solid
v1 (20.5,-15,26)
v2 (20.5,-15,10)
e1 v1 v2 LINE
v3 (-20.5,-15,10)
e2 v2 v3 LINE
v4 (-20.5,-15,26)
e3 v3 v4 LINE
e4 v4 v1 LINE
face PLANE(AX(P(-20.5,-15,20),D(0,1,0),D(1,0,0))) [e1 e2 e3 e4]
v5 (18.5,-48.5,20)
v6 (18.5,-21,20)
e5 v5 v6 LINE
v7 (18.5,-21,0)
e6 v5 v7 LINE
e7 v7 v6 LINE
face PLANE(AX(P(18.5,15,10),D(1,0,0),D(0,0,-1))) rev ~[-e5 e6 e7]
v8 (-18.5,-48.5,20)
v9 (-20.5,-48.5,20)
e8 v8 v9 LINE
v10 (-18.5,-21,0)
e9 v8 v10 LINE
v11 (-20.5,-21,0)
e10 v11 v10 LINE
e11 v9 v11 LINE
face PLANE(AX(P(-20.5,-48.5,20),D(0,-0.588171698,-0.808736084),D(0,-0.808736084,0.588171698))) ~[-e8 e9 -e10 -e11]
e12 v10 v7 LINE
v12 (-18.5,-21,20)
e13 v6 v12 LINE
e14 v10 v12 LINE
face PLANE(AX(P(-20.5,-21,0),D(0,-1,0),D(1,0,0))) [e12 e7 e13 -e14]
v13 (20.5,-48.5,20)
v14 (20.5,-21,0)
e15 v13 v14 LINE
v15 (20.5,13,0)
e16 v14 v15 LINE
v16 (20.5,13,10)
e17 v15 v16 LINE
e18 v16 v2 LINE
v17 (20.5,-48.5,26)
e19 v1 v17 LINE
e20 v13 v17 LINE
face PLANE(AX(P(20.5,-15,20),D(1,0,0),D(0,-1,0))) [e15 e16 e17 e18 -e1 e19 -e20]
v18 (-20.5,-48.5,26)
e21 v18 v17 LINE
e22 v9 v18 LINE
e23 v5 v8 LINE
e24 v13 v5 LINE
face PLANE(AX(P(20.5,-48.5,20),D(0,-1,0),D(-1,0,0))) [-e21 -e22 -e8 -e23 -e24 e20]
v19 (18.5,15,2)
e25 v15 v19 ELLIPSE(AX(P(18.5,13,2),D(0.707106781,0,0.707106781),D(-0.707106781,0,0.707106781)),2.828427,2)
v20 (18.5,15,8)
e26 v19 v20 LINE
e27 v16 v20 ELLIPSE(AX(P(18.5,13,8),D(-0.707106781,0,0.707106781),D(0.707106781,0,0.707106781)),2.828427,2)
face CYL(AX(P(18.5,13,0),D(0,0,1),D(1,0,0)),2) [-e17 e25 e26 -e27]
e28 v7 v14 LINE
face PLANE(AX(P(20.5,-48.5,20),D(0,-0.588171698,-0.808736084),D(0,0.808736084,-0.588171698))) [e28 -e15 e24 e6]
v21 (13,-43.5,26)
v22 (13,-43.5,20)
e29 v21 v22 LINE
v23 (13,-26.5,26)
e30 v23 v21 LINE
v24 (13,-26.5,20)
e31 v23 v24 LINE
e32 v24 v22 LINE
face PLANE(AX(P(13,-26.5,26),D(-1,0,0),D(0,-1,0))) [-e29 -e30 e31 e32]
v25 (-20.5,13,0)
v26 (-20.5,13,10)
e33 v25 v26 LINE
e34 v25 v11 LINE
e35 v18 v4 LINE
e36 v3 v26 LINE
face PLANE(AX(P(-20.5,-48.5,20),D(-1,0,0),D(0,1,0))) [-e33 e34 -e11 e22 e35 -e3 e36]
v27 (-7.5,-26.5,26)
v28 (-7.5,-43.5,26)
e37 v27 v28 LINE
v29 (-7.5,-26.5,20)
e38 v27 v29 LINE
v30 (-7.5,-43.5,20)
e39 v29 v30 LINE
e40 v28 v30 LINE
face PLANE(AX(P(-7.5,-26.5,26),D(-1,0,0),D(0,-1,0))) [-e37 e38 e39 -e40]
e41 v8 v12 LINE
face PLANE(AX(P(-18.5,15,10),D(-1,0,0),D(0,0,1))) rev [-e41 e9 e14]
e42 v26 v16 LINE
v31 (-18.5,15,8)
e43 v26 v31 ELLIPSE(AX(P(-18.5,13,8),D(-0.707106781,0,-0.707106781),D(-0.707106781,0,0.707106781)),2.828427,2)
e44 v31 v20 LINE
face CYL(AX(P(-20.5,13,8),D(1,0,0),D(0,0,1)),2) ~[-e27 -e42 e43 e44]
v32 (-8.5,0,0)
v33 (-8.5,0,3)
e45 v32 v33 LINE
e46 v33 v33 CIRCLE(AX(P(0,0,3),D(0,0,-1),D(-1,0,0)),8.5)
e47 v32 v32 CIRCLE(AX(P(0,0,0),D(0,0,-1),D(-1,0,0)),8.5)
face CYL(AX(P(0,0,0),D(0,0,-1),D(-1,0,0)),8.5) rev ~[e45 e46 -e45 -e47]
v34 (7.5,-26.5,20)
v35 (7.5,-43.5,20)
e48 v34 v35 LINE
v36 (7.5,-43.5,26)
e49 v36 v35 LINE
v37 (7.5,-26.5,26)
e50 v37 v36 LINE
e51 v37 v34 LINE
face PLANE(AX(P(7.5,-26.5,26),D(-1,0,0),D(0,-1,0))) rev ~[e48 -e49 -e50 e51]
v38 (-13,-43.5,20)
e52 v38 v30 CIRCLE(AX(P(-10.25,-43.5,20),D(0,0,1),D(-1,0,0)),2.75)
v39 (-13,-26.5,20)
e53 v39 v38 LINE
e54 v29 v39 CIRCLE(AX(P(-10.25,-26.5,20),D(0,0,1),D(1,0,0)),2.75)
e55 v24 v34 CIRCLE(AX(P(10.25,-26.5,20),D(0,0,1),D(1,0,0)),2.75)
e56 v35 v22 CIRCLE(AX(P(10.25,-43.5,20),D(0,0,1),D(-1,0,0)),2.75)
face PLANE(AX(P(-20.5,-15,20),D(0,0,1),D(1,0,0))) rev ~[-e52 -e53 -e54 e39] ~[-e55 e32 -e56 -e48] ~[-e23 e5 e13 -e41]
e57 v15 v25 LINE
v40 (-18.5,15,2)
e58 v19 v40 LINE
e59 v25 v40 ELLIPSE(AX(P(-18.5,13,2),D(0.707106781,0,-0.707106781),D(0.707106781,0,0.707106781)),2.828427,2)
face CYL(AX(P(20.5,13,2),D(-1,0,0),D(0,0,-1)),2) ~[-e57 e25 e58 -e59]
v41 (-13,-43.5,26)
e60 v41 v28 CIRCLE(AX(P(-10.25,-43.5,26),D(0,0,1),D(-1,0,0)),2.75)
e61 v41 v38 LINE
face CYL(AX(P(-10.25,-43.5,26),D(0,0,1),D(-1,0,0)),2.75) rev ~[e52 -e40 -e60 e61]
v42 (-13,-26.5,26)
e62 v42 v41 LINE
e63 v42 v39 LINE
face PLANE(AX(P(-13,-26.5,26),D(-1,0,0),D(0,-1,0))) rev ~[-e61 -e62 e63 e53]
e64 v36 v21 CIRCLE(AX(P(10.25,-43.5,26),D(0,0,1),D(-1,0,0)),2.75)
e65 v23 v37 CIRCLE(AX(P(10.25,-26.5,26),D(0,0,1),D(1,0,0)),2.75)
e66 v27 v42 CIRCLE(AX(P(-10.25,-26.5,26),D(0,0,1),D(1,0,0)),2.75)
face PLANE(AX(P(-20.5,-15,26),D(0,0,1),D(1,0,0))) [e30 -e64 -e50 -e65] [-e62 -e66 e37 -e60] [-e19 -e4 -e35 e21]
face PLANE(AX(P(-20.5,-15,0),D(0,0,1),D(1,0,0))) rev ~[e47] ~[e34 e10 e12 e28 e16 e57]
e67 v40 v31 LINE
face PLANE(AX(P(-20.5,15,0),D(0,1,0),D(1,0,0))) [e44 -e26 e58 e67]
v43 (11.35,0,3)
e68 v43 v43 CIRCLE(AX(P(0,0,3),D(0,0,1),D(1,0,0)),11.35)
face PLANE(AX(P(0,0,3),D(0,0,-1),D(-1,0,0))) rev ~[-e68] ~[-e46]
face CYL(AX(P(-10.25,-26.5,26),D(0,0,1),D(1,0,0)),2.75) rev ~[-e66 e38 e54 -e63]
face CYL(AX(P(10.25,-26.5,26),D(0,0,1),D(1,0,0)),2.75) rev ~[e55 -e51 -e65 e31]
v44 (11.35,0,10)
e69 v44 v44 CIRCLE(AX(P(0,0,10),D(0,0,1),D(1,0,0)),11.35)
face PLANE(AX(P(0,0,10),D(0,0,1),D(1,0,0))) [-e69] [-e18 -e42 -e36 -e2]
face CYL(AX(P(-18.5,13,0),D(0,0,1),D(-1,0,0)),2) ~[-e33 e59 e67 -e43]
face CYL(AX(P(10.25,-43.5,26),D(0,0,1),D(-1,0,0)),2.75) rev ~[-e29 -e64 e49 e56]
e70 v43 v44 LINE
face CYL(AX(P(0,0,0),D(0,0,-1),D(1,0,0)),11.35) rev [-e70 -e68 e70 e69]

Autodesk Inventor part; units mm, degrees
ref_plane "YZ Plane" through (0, 0, 0) normal (1, 0, 0) x (0, 1, 0)
ref_plane "XZ Plane" through (0, 0, 0) normal (0, 1, 0) x (-1, 0, 0)
ref_plane "XY Plane" through (0, 0, 0) normal (0, 0, 1) x (1, 0, 0)
sketch "Sketch1" plane through (0, 0, 0) normal (0, 0, 1) x (1, 0, 0)
  line L0 (-20.5, 15) -> (20.5, 15)
  line L1 (20.5, 15) -> (20.5, -15)
  line L2 (20.5, -15) -> (-20.5, -15)
  line L3 (-20.5, -15) -> (-20.5, 15)
  line L4 (-20.5, 15) -> (20.5, -15) construction
  line L5 (20.5, 15) -> (-20.5, -15) construction
  circle A0 centre (0, 0) radius 11.35
  line L6 (16.5, 15) -> (16.5, -15)
  dimension "d0" = 41
  dimension "d1" = 30
  dimension "d2" = 22.7
  dimension "d4" = 4
extrude "Extrusion3" add sketch "Sketch1" along normal blind 10
sketch "Sketch3" plane through (0, 0, 0) normal (0, 0, -1) x (-1, 0, 0)
  circle A0 centre (0, 0) radius 11.35
  circle A1 centre (0, 0) radius 11.35 projected
  circle A2 centre (0, 0) radius 8.5
  dimension "d18" = 17
extrude "Extrusion4" add sketch "Sketch3" against normal blind 3
sketch "Sketch4" plane through (-20.5, -15, 0) normal (0, -1, 0) x (1, 0, 0)
  line L0 (0, 0) -> (0, 10) projected
  line L1 (0, 0) -> (41, 0)
  line L2 (41, 0) -> (41, 20)
  line L3 (41, 20) -> (0, 20)
  line L4 (0, 20) -> (0, 0)
  point P0 (20.5, 0)
  dimension "d21" = 20
  dimension "d22" = 41
extrude "Extrusion5" add sketch "Sketch4" along normal blind 6
sketch "Sketch5" plane through (-20.5, -15, 20) normal (0, 0, 1) x (1, 0, 0)
  line L0 (0, 30) -> (0, 0) projected
  line L1 (0, 0) -> (41, 0)
  line L2 (41, 0) -> (41, -33.5)
  line L3 (41, -33.5) -> (0, -33.5)
  line L4 (0, -33.5) -> (0, 0)
  point P0 (20.5, 15)
  dimension "d25" = 33.5
  dimension "d69" = 41
extrude "Extrusion6" add sketch "Sketch5" along normal blind 6
sketch "Sketch13" plane through (20.5, 15, 10) normal (1, 0, 0) x (0, 0, -1)
  line L0 (-10, -63.5) -> (-16, -63.5) projected
  line L1 (-10, -63.5) -> (-10, -36) projected
  line L2 (-16, -63.5) -> (-10, -63.5)
  line L3 (-10, -63.5) -> (10, -36)
  line L4 (10, -36) -> (10, -30)
  line L5 (0, 0) -> (0, -30) projected
  line L6 (10, -30) -> (-16, -30)
  line L7 (-16, -30) -> (-16, -63.5) projected
  line L8 (-16, -30) -> (-16, -63.5)
  point P0 (10, -15)
  point P1 (-16, -56.5)
extrude "Extrusion10" add sketch "Sketch13" against normal blind 2
ref_plane "Work Plane1" through (0, 15, 0) normal (-1, 0, 0) x (0, 0, 1)
mirror "Mirror1" about plane through (0, 15, 0) normal (-1, 0, 0) of "Extrusion10"
fillet "Fillet2" radius 2 4 edges at (20.5, 15, 5) (-20.5, 15, 5) (0, 15, 10) (0, 15, 0)
sketch "Sketch15" plane through (-20.5, -15, 26) normal (0, 0, 1) x (1, 0, 0)
  arc A0 (13, -11.5) -> (7.5, -11.5) centre (10.25, -11.5) ccw
  line L0 (2, -33.5) -> (39, -33.5) projected
  line L1 (0, -2) -> (0, -31.5) projected
  arc A1 (7.5, -28.5) -> (13, -28.5) centre (10.25, -28.5) ccw
  line L2 (7.5, -11.5) -> (7.5, -28.5)
  line L3 (13, -11.5) -> (13, -28.5)
  line L4 (20.5, -33.5) -> (20.5, -2)
  arc A2 (33.5, -11.5) -> (28, -11.5) centre (30.75, -11.5) ccw
  arc A3 (28, -28.5) -> (33.5, -28.5) centre (30.75, -28.5) ccw
  line L5 (33.5, -11.5) -> (33.5, -28.5)
  line L6 (28, -11.5) -> (28, -28.5)
  point P0 (20.5, 15)
  dimension "d74" = 5.5
  dimension "d75" = 22
  dimension "d76" = 10.25
  dimension "d77" = 5.5
  dimension "d78" = 5
  dimension "d79" = 10.25
extrude "Extrusion11" cut sketch "Sketch15" against normal through all
properties part number "Estrutura - Rolamento Esquerdo"
